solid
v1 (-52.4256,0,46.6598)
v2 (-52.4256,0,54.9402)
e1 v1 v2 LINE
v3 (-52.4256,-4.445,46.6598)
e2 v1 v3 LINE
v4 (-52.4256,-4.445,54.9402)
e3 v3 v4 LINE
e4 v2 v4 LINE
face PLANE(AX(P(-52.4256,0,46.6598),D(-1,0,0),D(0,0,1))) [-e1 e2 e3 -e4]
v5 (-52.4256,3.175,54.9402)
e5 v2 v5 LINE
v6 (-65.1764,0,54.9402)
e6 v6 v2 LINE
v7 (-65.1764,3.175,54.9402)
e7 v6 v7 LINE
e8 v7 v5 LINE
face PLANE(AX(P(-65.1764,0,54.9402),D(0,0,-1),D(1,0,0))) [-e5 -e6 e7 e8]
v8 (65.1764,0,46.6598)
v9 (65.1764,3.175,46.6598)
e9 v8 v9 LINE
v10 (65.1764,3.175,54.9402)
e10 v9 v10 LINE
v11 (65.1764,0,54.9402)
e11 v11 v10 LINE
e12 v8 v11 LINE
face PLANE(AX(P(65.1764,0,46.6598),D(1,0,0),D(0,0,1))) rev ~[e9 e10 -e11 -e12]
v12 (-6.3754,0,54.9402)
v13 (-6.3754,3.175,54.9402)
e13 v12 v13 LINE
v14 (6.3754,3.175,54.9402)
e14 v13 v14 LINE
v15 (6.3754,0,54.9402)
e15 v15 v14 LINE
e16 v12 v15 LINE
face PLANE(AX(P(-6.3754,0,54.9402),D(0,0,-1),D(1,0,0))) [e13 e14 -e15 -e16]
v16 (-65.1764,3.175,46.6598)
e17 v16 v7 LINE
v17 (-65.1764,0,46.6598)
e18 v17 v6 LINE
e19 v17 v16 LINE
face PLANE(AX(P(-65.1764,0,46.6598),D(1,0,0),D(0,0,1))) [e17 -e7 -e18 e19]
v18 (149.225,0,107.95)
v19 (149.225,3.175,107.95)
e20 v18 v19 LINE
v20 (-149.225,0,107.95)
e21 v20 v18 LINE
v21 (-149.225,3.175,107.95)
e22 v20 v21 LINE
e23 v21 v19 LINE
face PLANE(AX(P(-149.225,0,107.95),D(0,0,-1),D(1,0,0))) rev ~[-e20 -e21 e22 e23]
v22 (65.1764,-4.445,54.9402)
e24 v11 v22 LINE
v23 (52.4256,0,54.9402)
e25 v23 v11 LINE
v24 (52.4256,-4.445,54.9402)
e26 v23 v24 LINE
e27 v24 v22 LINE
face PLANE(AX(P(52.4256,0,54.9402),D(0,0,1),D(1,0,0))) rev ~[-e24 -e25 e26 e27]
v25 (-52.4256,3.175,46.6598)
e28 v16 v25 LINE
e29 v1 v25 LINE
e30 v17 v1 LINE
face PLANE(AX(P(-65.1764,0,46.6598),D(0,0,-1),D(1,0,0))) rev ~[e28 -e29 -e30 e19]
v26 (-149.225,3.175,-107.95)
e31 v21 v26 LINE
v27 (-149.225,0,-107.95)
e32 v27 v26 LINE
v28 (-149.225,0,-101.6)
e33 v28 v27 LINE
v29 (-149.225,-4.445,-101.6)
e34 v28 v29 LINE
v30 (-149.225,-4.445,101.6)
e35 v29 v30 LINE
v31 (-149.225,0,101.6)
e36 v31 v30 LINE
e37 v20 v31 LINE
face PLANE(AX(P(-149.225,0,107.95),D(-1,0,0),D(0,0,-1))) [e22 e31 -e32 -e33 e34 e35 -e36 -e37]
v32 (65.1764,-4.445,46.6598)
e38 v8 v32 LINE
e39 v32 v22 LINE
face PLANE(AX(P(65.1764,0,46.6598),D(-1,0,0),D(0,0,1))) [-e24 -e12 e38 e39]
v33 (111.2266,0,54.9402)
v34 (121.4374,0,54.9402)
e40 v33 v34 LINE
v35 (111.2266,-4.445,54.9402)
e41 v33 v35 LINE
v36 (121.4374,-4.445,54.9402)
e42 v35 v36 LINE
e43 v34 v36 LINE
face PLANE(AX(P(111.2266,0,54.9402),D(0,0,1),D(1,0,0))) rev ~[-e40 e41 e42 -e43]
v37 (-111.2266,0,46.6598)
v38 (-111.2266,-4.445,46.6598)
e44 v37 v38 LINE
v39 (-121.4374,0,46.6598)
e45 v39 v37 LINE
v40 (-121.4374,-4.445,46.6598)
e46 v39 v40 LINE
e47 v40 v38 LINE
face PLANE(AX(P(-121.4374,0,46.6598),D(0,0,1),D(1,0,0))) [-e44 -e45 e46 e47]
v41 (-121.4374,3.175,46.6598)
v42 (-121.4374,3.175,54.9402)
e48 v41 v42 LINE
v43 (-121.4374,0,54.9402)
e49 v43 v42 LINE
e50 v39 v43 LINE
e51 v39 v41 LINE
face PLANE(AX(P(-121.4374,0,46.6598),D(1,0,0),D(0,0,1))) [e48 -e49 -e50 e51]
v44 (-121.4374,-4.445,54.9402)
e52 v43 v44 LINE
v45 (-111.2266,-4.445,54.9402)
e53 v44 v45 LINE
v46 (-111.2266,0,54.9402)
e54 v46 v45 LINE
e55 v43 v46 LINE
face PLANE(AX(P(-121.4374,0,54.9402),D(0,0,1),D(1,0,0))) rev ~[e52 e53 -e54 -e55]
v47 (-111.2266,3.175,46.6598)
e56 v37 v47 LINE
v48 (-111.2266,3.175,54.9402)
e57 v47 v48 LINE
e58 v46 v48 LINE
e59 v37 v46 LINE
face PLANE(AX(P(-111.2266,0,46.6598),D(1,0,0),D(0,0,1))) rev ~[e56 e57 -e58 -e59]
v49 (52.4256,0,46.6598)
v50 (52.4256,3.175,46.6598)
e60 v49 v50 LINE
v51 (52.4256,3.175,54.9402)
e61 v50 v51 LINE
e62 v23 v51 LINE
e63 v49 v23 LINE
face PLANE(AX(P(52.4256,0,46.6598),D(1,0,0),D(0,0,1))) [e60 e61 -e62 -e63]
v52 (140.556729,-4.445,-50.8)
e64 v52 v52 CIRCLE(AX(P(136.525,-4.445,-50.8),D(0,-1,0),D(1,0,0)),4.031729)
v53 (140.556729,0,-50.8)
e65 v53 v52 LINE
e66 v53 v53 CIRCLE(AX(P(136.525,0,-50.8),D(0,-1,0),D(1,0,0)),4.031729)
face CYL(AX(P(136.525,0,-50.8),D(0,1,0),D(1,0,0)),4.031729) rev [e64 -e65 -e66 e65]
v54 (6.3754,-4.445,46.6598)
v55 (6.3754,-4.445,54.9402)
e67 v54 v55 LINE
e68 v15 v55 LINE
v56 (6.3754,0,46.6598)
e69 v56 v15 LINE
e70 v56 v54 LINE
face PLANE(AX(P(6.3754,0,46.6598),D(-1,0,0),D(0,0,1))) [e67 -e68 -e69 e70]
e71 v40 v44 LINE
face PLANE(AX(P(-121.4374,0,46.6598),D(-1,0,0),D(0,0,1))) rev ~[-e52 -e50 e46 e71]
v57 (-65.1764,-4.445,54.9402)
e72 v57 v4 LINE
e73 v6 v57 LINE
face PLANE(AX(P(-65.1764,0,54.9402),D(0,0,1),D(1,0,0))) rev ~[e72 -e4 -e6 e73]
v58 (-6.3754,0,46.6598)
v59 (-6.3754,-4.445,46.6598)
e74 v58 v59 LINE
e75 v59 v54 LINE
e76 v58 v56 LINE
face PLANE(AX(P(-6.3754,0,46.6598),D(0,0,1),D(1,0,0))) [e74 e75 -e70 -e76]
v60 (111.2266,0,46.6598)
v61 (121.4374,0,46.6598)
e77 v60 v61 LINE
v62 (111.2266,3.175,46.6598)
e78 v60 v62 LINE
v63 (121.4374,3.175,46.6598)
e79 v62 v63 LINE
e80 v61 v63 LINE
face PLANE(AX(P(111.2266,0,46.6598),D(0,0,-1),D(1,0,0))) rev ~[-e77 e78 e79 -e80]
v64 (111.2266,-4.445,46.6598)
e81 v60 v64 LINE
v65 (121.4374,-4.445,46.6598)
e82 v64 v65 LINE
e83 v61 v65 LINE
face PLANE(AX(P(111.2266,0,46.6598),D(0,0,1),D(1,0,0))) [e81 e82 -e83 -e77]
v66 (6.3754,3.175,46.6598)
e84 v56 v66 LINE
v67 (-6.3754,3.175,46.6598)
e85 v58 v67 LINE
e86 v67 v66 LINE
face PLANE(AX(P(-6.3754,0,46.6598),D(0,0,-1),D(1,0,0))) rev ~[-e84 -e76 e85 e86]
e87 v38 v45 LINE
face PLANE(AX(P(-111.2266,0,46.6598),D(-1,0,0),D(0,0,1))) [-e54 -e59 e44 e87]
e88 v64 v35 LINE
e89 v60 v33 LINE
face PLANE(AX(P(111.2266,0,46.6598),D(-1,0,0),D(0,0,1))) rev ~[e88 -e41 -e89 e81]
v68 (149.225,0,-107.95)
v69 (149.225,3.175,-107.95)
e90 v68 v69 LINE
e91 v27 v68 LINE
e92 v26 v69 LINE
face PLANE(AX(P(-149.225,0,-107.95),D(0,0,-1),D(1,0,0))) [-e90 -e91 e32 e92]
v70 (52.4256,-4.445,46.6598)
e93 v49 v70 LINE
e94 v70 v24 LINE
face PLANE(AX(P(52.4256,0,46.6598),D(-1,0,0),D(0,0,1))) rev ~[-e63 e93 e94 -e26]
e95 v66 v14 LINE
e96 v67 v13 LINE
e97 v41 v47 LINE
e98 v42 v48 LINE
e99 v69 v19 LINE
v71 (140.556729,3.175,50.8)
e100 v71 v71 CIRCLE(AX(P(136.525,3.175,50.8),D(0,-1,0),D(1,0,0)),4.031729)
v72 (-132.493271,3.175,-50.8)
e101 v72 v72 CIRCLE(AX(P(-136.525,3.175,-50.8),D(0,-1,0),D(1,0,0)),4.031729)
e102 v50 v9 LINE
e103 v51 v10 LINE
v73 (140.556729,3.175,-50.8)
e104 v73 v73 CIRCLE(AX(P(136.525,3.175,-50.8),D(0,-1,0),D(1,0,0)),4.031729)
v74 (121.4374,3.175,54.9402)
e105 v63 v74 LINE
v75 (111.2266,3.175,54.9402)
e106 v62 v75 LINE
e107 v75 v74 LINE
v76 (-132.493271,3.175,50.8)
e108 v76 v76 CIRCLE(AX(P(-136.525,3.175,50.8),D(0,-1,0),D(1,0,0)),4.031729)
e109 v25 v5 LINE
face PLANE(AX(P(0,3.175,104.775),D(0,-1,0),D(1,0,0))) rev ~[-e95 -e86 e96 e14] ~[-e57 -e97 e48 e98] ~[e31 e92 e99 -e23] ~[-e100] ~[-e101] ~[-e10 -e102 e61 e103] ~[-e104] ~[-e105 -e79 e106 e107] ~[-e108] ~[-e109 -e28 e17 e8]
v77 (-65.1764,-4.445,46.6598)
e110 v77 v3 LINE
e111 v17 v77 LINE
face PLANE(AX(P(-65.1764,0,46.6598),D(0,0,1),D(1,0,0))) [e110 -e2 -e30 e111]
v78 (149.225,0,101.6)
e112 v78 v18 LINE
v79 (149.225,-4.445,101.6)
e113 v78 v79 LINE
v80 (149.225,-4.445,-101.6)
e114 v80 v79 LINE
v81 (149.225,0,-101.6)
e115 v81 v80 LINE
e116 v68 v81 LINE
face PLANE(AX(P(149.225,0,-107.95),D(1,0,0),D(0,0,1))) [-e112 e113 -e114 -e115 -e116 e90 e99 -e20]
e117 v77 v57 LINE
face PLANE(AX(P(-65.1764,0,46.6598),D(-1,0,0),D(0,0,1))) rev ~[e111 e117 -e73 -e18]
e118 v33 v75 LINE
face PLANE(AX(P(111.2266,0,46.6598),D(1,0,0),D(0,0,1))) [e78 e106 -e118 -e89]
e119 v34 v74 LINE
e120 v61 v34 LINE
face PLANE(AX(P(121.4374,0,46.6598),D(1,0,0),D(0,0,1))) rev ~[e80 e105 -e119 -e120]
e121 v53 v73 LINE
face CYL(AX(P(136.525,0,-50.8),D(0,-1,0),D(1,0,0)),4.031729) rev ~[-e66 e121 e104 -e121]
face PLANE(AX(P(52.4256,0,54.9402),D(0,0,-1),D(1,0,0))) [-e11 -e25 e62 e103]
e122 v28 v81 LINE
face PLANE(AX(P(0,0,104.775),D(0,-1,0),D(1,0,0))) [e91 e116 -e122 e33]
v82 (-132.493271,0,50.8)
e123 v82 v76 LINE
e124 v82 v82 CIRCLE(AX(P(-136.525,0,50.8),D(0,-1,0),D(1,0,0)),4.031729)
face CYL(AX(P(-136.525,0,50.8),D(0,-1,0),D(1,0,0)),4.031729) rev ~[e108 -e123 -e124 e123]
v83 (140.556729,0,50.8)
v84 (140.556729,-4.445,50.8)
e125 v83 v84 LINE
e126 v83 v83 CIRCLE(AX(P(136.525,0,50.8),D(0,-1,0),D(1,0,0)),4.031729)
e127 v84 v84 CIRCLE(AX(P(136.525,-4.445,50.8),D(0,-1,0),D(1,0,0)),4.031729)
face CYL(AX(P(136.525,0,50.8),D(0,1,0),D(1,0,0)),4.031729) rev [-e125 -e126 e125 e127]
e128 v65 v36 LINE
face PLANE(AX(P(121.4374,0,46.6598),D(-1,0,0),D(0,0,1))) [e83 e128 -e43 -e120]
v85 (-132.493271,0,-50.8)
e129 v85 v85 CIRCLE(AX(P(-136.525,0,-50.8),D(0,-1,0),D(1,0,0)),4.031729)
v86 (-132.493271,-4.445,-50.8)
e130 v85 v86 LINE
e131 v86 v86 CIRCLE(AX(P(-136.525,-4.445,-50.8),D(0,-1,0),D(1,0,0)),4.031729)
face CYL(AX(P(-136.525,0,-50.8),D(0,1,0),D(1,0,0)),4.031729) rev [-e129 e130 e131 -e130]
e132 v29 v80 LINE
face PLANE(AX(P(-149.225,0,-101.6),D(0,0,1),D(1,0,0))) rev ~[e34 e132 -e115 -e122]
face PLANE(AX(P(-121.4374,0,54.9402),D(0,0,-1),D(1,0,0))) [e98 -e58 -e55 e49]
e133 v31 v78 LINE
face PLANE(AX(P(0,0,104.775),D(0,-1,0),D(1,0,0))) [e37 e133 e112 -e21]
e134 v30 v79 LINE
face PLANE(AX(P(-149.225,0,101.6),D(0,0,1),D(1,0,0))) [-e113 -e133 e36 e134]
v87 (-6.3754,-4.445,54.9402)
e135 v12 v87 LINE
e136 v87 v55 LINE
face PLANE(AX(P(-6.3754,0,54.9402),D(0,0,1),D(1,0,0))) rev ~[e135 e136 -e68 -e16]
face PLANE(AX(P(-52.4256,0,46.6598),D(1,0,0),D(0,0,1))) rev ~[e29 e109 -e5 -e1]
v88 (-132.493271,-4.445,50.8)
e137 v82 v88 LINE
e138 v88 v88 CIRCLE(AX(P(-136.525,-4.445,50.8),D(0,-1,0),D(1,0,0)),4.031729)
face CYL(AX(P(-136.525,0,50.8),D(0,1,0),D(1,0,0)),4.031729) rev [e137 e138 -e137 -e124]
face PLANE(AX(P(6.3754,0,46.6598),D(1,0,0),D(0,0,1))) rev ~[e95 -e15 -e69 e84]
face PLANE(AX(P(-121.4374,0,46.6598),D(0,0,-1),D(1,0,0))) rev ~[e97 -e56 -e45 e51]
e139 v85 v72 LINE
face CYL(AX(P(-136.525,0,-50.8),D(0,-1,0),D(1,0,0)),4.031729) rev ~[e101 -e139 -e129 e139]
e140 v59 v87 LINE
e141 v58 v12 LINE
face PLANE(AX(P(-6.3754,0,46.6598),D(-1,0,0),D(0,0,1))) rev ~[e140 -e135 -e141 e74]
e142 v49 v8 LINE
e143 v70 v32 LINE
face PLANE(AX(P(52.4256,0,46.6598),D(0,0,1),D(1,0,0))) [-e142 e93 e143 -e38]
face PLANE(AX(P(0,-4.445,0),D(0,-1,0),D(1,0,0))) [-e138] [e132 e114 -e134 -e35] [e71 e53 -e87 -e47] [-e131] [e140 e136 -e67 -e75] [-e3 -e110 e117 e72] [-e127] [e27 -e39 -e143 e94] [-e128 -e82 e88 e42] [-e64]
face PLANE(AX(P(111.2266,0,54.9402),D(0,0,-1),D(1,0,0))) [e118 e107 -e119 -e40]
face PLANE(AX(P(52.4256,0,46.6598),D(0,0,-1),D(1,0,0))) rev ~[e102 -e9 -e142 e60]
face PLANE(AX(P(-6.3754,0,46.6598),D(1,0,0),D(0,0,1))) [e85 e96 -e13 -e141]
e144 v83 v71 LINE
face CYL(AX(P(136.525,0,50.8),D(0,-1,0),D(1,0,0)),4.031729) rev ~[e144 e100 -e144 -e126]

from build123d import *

# Parameters (mm, degrees)
F0_W     = 298.45
F0_H     = 203.2
F0_R     = 4.031729
F0_W_2   = 10.2108
F0_H_2   = 8.2804
F0_W_3   = 12.7508
F1_DEPTH = 4.445
F0_H_3   = 6.35
F2_DEPTH = 3.175


with BuildPart() as f1:
    # F0 (on Front) → F1 (new body)
    with BuildSketch(Plane.XZ):
        Rectangle(F0_W, F0_H)
        with Locations((-136.525, -50.8)):
            Circle(F0_R, mode=Mode.SUBTRACT)
        with Locations((136.525, -50.8)):
            Circle(F0_R, mode=Mode.SUBTRACT)
        with Locations((-136.525, 50.8)):
            Circle(F0_R, mode=Mode.SUBTRACT)
        with Locations((-116.332, 50.8)):
            Rectangle(F0_W_2, F0_H_2, mode=Mode.SUBTRACT)
        with Locations((-58.801, 50.8)):
            Rectangle(F0_W_3, F0_H_2, mode=Mode.SUBTRACT)
        with Locations((0, 50.8)):
            Rectangle(F0_W_3, F0_H_2, mode=Mode.SUBTRACT)
        with Locations((58.801, 50.8)):
            Rectangle(F0_W_3, F0_H_2, mode=Mode.SUBTRACT)
        with Locations((116.332, 50.8)):
            Rectangle(F0_W_2, F0_H_2, mode=Mode.SUBTRACT)
        with Locations((136.525, 50.8)):
            Circle(F0_R, mode=Mode.SUBTRACT)
    extrude(amount=F1_DEPTH)

    # F0 (on Front) → F2 (join)
    with BuildSketch(Plane.XZ):
        with Locations((0, 104.775)):
            Rectangle(F0_W, F0_H_3)
        Rectangle(F0_W, F0_H)
        with Locations((-136.525, -50.8)):
            Circle(F0_R, mode=Mode.SUBTRACT)
        with Locations((136.525, -50.8)):
            Circle(F0_R, mode=Mode.SUBTRACT)
        with Locations((-136.525, 50.8)):
            Circle(F0_R, mode=Mode.SUBTRACT)
        with Locations((-116.332, 50.8)):
            Rectangle(F0_W_2, F0_H_2, mode=Mode.SUBTRACT)
        with Locations((-58.801, 50.8)):
            Rectangle(F0_W_3, F0_H_2, mode=Mode.SUBTRACT)
        with Locations((0, 50.8)):
            Rectangle(F0_W_3, F0_H_2, mode=Mode.SUBTRACT)
        with Locations((58.801, 50.8)):
            Rectangle(F0_W_3, F0_H_2, mode=Mode.SUBTRACT)
        with Locations((116.332, 50.8)):
            Rectangle(F0_W_2, F0_H_2, mode=Mode.SUBTRACT)
        with Locations((136.525, 50.8)):
            Circle(F0_R, mode=Mode.SUBTRACT)
        with Locations((0, -104.775)):
            Rectangle(F0_W, F0_H_3)
    extrude(amount=-F2_DEPTH)


solid = f1.part
